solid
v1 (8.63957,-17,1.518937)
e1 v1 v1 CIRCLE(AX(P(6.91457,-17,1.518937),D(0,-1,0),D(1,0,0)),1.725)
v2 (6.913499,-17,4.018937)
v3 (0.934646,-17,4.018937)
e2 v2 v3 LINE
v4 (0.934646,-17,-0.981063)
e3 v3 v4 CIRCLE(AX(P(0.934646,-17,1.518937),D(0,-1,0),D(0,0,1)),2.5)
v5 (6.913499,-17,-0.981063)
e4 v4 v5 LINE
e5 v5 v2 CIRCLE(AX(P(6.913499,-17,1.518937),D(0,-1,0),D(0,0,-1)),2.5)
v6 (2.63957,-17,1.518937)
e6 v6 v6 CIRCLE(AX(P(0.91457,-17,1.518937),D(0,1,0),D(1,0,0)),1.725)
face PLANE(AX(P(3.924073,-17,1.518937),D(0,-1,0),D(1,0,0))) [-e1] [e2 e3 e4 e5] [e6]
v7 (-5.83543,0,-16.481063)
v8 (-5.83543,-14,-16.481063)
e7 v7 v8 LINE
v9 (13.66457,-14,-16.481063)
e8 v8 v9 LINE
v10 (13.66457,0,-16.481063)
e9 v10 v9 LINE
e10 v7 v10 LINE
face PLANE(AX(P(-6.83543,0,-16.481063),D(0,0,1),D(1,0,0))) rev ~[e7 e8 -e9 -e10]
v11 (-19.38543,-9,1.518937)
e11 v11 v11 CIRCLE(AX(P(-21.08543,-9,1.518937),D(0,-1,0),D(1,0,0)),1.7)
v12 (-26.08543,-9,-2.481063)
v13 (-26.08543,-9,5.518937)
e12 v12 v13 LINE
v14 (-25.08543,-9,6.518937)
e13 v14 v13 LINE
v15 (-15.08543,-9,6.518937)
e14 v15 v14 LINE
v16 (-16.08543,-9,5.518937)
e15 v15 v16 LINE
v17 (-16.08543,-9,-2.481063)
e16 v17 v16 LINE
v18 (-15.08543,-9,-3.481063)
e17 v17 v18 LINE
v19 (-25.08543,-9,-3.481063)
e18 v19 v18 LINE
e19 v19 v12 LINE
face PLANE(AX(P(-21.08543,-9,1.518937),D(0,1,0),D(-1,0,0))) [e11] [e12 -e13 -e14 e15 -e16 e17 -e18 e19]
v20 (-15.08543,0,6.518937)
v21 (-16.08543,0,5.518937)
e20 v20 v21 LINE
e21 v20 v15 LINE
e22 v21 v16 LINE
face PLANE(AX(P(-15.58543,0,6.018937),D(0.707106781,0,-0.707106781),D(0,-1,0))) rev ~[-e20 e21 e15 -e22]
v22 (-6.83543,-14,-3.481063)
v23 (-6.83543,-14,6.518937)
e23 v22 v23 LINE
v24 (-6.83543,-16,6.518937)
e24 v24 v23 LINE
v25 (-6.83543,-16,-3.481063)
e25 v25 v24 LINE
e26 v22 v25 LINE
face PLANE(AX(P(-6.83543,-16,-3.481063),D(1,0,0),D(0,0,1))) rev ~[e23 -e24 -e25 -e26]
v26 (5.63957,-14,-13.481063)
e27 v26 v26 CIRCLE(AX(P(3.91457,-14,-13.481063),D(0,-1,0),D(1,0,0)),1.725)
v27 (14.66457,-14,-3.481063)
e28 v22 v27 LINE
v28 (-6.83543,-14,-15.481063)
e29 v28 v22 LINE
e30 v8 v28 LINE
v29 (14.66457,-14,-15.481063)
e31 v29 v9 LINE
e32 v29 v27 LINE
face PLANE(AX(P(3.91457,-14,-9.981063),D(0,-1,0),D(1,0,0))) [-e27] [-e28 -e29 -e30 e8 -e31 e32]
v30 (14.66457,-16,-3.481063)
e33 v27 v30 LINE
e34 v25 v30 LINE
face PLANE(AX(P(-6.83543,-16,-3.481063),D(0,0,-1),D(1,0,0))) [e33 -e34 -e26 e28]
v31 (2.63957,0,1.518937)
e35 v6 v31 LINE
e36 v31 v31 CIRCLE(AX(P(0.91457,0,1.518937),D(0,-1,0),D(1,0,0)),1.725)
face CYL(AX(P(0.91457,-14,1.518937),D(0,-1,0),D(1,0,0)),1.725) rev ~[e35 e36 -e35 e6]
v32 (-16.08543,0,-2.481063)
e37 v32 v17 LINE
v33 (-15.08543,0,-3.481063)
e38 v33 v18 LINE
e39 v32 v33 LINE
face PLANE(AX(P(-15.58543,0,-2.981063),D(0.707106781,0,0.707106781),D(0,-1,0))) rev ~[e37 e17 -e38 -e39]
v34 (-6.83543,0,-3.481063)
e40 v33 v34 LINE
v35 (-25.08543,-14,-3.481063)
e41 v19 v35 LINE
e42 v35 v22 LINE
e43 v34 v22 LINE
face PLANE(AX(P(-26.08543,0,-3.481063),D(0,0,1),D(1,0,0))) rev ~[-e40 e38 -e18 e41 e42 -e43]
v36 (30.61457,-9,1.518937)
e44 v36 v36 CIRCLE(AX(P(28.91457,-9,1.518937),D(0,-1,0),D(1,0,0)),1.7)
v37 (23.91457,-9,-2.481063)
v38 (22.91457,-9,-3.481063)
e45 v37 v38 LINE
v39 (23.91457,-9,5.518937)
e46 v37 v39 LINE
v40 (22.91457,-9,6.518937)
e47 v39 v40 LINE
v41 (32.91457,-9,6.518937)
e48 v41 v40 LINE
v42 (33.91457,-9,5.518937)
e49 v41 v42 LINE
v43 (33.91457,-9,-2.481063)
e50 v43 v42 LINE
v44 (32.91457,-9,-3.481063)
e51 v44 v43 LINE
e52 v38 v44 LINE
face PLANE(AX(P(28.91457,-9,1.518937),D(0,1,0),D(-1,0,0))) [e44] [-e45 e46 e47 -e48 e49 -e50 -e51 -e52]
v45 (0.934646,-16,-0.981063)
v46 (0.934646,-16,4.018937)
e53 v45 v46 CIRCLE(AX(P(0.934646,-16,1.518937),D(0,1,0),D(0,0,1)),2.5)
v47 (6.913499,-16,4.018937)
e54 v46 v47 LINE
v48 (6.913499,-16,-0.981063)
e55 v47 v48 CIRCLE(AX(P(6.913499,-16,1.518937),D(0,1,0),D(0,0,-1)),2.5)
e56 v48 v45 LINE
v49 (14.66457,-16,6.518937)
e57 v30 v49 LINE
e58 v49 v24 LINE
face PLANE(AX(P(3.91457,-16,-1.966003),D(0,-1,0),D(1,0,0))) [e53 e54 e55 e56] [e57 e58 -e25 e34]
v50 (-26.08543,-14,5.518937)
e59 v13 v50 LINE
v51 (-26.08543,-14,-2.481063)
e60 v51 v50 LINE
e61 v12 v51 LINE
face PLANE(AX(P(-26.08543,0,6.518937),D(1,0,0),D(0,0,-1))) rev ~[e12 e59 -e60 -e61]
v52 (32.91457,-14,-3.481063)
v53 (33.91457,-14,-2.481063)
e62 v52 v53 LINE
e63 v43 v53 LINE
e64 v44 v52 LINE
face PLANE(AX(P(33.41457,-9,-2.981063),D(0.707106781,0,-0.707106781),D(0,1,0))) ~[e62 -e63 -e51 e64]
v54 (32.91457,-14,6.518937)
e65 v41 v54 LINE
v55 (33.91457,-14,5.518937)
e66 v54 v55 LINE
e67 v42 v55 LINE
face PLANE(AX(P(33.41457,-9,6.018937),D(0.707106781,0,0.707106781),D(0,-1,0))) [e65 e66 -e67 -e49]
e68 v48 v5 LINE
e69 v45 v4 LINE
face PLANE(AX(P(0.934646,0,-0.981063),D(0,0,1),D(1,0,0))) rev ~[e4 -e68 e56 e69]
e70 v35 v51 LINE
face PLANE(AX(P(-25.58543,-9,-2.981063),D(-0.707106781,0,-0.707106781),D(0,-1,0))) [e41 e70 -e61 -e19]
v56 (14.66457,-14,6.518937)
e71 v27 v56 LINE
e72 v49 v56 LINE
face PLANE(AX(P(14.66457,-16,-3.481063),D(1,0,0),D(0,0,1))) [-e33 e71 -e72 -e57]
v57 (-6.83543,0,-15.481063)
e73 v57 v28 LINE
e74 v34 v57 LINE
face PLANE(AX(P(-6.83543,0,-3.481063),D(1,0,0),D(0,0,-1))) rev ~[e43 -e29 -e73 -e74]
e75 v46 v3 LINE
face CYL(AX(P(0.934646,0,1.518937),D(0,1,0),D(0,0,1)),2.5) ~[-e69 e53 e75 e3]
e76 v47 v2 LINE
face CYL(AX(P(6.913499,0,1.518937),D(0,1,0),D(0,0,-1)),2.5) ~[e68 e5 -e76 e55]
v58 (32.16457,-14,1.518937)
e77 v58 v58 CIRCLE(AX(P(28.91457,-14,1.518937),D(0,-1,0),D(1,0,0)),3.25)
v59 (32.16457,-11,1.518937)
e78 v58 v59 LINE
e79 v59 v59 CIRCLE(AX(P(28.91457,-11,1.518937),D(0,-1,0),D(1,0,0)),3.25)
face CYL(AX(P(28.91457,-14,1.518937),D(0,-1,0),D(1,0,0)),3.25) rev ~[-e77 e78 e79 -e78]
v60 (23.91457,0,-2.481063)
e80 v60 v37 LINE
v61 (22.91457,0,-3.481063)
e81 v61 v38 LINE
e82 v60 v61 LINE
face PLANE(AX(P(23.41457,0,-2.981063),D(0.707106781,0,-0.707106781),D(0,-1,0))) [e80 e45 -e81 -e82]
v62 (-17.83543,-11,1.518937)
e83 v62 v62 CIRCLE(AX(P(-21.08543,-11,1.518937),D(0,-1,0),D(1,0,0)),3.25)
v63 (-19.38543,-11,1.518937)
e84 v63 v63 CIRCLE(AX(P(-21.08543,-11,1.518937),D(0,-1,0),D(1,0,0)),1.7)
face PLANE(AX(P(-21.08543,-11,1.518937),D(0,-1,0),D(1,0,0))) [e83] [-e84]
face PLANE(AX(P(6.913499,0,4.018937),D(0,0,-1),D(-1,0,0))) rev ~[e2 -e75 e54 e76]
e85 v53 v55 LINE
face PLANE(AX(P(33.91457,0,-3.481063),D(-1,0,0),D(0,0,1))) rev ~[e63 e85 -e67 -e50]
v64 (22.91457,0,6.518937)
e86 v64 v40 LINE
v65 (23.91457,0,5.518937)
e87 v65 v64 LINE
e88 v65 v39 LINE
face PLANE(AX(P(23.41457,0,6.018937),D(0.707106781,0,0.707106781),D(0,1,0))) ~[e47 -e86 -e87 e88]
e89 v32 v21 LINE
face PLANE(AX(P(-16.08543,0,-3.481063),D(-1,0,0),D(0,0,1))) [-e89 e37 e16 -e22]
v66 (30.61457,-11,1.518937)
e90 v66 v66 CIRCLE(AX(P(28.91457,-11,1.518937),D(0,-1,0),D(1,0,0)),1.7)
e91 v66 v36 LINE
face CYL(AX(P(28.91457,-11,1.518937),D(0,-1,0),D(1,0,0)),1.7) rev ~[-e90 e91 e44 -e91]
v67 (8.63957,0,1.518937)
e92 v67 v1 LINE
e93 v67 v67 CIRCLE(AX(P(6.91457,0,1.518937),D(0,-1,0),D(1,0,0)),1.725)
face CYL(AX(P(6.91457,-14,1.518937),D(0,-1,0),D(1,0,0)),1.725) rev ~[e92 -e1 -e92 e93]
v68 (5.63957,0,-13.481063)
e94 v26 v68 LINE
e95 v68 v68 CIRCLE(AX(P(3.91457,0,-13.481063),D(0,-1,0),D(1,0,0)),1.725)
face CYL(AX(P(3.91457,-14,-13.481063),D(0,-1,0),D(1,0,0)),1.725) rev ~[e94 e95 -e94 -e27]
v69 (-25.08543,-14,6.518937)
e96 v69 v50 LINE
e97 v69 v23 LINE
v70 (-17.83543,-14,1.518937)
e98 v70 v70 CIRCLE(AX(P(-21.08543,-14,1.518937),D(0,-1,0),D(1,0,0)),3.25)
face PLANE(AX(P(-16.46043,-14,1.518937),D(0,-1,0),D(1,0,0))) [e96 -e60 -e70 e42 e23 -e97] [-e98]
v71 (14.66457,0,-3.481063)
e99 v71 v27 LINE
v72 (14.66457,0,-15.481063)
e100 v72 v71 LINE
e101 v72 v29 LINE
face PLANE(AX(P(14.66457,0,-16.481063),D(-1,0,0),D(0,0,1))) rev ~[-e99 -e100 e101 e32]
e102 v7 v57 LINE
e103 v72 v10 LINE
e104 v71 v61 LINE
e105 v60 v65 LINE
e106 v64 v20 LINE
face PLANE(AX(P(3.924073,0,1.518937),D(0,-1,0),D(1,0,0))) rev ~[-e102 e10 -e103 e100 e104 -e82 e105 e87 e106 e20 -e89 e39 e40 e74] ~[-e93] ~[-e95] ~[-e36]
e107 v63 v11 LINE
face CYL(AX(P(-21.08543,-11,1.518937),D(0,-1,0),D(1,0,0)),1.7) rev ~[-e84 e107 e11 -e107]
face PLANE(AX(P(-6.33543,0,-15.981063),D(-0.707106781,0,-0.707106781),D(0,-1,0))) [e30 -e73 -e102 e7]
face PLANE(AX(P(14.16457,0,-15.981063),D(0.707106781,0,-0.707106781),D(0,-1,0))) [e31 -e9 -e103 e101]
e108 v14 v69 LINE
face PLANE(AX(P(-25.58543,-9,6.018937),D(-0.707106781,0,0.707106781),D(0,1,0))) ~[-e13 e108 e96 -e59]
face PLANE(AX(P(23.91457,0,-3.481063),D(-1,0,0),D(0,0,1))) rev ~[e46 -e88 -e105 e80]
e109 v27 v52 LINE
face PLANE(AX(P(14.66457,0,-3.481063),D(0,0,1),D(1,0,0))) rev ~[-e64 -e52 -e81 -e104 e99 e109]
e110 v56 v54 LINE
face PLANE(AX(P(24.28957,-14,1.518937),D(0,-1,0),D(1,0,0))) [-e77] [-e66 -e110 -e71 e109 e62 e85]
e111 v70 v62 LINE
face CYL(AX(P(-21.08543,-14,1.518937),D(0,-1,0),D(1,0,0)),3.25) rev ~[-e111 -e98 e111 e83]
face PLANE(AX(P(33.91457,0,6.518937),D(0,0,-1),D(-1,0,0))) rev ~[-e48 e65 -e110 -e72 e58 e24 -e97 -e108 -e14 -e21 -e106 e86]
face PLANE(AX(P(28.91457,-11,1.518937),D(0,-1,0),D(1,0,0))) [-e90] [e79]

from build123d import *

# Parameters (mm, degrees)
F1_DEPTH  = 16
F2_W      = 21.5
F2_H      = 13
F2_W_2    = 19.25
F2_H_2    = 10
F3_DEPTH  = 2
F4_R      = 3.25
F5_DEPTH  = 3
F6_R      = 1.7
F7_R      = 1.7
F8_DEPTH  = 25
F9_W      = 10
F9_H      = 10
F9_R      = 1.7
F10_DEPTH = 9
F13_DEPTH = 17
F11_R     = 1.725
F14_DEPTH = 15
F15_R     = 1.725
F16_DEPTH = 25
F17_SIZE  = 1


with BuildPart() as f1:
    # F0 (on Front) → F1 (new body)
    with BuildSketch(Plane.XZ):
        Polygon((33.9145704359, 6.5189368035), (-26.0854295641, 6.5189368035), (-26.0854295641, -3.4810631965), (-6.8354295641, -3.4810631965), (-6.8354295641, -16.4810631965), (14.6645704359, -16.4810631965), (14.6645704359, -3.4810631965), (33.9145704359, -3.4810631965), align=None)
    extrude(amount=F1_DEPTH)

    # F2 (on face) → F3 (cut)
    with BuildSketch(Plane.XZ.offset(16)):
        with Locations((3.9145704359, -9.9810631965)):
            Rectangle(F2_W, F2_H)
        with Locations((-16.4604295641, 1.5189368035)):
            Rectangle(F2_W_2, F2_H_2)
        with Locations((24.2895704359, 1.5189368035)):
            Rectangle(F2_W_2, F2_H_2)
    extrude(amount=-F3_DEPTH, mode=Mode.SUBTRACT)

    # F4 (on face) → F5 (cut)
    with BuildSketch(Plane.XZ.offset(14)):
        with Locations((-21.0854295641, 1.5189368035)):
            Circle(F4_R)
        with Locations((28.9145704359, 1.5189368035)):
            Circle(F4_R)
    extrude(amount=-F5_DEPTH, mode=Mode.SUBTRACT)

    # F6 (on face) + F7 (on face) → F8 (cut)
    with BuildSketch(Plane.XZ.offset(11)):
        with Locations((-21.0854295641, 1.5189368035)):
            Circle(F6_R)
    with BuildSketch(Plane.XZ.offset(11)):
        with Locations((28.9145704359, 1.5189368035)):
            Circle(F7_R)
    extrude(amount=-F8_DEPTH, mode=Mode.SUBTRACT)

    # F9 (on face) → F10 (cut)
    with BuildSketch(Plane(origin=(0, 0, 0), x_dir=(-1, 0, 0), z_dir=(0, 1, 0))):
        with Locations((21.0854295641, 1.5189368035)):
            Rectangle(F9_W, F9_H)
        with Locations((21.0854295641, 1.5189368035)):
            Circle(F9_R, mode=Mode.SUBTRACT)
        with Locations((-28.9145704359, 1.5189368035)):
            Rectangle(F9_W, F9_H)
        with Locations((-28.9145704359, 1.5189368035)):
            Circle(F9_R, mode=Mode.SUBTRACT)
    extrude(amount=-F10_DEPTH, mode=Mode.SUBTRACT)

    # F12 (on Front) → F13 (join)
    with BuildSketch(Plane.XZ):
        with BuildLine():
            Line((0.9346461738, -0.9810631965), (6.9134989753, -0.9810631965))
            ThreePointArc((6.9134989753, -0.9810631965), (9.4134989753, 1.5189368035), (6.9134989753, 4.0189368035))
            Line((6.9134989753, 4.0189368035), (0.9346461738, 4.0189368035))
            ThreePointArc((0.9346461738, 4.0189368035), (-1.5653538262, 1.5189368035), (0.9346461738, -0.9810631965))
        make_face()
    extrude(amount=F13_DEPTH)

    # F11 (on face) → F14 (cut, symmetric)
    with BuildSketch(Plane.XZ.offset(14)):
        with Locations((0.9145704359, 1.5189368035)):
            Circle(F11_R)
        with Locations((6.9145704359, 1.5189368035)):
            Circle(F11_R)
    extrude(amount=F14_DEPTH, both=True, mode=Mode.SUBTRACT)

    # F15 (on face) → F16 (cut)
    with BuildSketch(Plane.XZ.offset(14)):
        with Locations((3.9145704359, -13.4810631965)):
            Circle(F15_R)
    extrude(amount=-F16_DEPTH, mode=Mode.SUBTRACT)

    # F17
    f17_edges = [f1.edges().sort_by_distance(p)[0] for p in [
        (-6.83543, -7, -16.481063),
        (14.66457, -7, -16.481063),
        (33.91457, -11.5, -3.481063),
        (33.91457, -11.5, 6.518937),
        (-26.08543, -11.5, 6.518937),
        (-26.08543, -11.5, -3.481063),
        (-16.08543, -4.5, -3.481063),
        (-16.08543, -4.5, 6.518937),
        (23.91457, -4.5, 6.518937),
        (23.91457, -4.5, -3.481063),
    ]]
    chamfer(f17_edges, length=F17_SIZE)


solid = f1.part
